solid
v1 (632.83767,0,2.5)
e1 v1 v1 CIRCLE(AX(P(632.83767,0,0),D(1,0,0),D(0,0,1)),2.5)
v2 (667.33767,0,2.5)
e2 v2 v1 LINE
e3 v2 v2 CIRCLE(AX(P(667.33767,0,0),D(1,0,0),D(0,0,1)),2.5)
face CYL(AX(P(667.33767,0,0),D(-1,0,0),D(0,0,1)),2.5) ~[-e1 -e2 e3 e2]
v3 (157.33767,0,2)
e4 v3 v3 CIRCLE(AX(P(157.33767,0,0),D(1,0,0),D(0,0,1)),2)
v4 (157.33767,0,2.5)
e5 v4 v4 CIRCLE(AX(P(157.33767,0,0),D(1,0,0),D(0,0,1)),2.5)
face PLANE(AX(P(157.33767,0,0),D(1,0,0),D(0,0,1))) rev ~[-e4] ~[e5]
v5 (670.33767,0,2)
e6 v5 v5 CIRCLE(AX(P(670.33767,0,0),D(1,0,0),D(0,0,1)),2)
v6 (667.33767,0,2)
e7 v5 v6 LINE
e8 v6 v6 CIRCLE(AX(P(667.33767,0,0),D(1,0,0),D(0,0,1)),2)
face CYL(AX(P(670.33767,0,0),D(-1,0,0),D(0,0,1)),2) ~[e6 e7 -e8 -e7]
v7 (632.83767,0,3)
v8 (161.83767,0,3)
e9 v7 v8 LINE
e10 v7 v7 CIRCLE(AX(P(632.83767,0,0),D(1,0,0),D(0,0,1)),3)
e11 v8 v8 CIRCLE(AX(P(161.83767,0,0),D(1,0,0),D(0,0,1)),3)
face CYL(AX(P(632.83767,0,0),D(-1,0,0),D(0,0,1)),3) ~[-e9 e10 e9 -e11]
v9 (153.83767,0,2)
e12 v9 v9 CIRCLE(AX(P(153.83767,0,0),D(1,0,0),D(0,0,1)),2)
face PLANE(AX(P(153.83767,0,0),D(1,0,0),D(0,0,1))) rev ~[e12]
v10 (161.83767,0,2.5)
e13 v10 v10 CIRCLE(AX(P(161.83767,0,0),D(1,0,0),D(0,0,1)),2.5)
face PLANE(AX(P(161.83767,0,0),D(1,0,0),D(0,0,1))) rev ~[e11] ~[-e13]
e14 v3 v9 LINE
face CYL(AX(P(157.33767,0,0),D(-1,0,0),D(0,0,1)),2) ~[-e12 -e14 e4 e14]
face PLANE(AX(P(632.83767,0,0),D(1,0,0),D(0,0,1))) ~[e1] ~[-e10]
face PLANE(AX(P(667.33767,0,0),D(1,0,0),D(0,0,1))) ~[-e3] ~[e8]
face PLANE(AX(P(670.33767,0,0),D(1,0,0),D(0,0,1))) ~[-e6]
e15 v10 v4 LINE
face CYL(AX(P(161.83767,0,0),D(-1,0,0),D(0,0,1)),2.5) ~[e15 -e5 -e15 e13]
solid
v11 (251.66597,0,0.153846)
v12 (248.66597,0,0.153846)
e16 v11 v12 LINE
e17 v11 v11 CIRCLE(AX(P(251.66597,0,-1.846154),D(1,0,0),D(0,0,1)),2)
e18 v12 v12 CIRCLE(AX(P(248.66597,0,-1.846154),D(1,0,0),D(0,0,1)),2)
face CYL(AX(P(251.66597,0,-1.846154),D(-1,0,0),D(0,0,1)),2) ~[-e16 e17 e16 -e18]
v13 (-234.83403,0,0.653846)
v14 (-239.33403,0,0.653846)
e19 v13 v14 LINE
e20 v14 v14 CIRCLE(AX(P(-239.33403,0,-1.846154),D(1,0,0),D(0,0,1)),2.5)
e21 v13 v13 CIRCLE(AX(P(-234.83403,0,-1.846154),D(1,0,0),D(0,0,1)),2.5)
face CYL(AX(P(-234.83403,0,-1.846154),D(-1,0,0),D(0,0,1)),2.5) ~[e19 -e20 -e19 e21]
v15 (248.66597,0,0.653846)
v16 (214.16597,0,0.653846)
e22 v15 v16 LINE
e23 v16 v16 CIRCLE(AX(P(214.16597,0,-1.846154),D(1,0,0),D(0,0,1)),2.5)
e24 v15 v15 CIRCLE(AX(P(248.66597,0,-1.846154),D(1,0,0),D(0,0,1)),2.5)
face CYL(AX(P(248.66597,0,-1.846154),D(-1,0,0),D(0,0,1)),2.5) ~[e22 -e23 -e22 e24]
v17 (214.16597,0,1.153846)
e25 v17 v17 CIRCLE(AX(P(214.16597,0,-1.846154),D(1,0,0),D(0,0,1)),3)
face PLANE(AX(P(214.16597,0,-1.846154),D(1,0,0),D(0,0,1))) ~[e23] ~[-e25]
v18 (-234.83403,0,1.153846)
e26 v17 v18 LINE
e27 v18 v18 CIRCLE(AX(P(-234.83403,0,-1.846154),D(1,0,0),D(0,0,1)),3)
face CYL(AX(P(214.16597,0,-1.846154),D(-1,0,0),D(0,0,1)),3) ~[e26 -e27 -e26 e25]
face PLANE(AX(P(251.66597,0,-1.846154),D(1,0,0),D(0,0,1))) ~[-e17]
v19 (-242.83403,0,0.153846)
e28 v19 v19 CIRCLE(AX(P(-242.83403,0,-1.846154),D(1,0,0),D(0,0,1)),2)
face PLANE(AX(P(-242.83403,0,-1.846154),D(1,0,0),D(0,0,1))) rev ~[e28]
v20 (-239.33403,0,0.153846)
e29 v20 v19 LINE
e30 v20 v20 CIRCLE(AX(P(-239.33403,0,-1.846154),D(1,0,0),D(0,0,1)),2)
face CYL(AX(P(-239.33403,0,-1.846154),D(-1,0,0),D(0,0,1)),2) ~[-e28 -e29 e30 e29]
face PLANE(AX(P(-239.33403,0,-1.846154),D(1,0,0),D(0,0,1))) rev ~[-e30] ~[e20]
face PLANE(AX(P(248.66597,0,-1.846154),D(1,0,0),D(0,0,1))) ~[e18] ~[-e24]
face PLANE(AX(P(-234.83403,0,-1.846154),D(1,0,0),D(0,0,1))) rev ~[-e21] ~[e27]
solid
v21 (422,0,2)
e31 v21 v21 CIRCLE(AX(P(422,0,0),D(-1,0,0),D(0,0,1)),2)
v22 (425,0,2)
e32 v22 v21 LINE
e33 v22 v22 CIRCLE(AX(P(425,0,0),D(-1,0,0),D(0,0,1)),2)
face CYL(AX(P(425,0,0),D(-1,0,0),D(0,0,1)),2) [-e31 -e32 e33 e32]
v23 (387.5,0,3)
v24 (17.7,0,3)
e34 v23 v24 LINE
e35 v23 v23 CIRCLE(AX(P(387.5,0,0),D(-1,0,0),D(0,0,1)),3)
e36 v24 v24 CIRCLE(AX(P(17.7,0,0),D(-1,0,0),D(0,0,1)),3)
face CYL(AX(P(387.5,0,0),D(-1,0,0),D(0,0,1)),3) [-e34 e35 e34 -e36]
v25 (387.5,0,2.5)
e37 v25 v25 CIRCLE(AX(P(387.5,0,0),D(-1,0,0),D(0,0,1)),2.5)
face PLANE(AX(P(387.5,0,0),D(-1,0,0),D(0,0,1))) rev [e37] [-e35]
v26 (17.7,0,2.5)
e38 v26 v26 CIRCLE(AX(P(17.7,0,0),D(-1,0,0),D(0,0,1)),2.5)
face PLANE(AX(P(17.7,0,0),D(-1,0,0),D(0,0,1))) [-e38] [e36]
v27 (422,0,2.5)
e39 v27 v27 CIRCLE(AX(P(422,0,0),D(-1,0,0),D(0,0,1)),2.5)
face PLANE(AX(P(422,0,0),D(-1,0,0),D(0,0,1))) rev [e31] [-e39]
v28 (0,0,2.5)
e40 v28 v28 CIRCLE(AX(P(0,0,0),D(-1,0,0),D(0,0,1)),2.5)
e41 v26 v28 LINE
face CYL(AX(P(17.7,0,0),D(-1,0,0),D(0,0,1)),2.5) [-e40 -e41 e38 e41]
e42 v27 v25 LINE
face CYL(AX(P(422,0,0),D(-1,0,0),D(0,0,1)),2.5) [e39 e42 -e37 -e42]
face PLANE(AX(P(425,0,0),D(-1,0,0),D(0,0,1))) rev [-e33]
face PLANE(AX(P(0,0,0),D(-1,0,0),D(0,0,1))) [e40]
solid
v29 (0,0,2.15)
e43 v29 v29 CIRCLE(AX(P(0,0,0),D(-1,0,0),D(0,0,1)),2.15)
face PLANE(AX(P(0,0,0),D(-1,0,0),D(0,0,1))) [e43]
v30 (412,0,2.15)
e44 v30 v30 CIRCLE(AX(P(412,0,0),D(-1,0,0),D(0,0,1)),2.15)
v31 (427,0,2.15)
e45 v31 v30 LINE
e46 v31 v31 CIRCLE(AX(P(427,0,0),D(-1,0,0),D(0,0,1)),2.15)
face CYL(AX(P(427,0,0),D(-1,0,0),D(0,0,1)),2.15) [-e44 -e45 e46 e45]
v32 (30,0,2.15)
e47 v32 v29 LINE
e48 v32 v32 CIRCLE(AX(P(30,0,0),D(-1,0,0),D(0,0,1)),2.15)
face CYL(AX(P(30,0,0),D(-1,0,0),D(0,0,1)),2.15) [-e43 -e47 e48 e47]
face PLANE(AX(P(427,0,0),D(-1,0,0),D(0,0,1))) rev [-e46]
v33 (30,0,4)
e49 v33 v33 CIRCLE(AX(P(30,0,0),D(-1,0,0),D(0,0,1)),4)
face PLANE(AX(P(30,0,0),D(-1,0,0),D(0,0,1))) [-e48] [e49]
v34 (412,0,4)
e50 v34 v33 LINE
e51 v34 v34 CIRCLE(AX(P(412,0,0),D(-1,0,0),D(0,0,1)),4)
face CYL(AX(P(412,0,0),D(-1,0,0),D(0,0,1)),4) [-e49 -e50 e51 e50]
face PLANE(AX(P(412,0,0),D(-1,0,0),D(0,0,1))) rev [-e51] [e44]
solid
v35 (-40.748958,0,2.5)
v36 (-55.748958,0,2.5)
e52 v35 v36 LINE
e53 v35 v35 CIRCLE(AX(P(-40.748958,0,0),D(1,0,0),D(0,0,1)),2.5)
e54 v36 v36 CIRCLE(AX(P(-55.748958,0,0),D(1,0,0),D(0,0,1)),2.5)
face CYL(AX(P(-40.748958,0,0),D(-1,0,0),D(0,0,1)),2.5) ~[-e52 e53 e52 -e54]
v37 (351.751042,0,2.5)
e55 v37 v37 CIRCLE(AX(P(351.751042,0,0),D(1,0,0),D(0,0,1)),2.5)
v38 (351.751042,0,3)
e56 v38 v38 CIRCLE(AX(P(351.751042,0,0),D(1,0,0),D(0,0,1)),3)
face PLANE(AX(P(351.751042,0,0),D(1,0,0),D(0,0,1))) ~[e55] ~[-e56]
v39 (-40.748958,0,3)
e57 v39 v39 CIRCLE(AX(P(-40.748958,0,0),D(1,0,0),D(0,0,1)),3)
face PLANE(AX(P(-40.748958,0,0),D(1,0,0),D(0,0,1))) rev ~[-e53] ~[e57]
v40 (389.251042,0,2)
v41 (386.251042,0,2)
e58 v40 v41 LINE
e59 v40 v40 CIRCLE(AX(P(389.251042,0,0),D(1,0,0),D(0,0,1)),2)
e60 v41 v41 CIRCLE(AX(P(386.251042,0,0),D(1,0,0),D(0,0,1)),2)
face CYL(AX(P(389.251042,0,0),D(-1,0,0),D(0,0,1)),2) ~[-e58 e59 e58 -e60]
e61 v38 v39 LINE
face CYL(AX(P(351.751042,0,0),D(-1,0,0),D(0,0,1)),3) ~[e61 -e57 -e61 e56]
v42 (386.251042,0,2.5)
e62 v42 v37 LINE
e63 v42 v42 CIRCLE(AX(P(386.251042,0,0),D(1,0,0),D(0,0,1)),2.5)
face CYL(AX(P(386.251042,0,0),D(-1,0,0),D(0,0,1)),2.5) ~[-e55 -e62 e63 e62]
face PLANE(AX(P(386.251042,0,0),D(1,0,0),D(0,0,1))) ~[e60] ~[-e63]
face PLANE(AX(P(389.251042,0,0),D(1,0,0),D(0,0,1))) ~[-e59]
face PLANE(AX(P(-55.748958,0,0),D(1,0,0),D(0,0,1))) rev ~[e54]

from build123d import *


with BuildPart() as f1:
    # F0 (on Front) → F1 (revolve)
    with BuildSketch(Plane.XZ):
        Polygon((-55.748958, 2.5), (-55.748958, 0), (389.251042, 0), (389.251042, 2), (386.251042, 2), (386.251042, 2.5), (351.751042, 2.5), (351.751042, 3), (-40.748958, 3), (-40.748958, 2.5), align=None)
    revolve(axis=Axis((166.430052, 0, 0), (1, 0, 0)))


with BuildPart() as f3:
    # F2 (on Front) → F3 (revolve)
    with BuildSketch(Plane.XZ):
        Polygon((153.83767, 2), (153.83767, 0), (670.33767, 0), (670.33767, 2), (667.33767, 2), (667.33767, 2.5), (632.83767, 2.5), (632.83767, 3), (161.83767, 3), (161.83767, 2.5), (157.33767, 2.5), (157.33767, 2), align=None)
    revolve(axis=Axis((412.08767, 0, 0), (1, 0, 0)))


with BuildPart() as f5:
    # F4 (on Front) → F5 (revolve)
    with BuildSketch(Plane.XZ):
        Polygon((0, 2.5), (0, 0), (425, 0), (425, 2), (422, 2), (422, 2.5), (387.5, 2.5), (387.5, 3), (17.7, 3), (17.7, 2.5), align=None)
    revolve(axis=Axis((-79.588096, 0, 0), (-1, 0, 0)))


with BuildPart() as f7:
    # F6 (on Front) → F7 (revolve)
    with BuildSketch(Plane.XZ):
        Polygon((-242.83403, 0.153846), (-242.83403, -1.846154), (251.66597, -1.846154), (251.66597, 0.153846), (248.66597, 0.153846), (248.66597, 0.653846), (214.16597, 0.653846), (214.16597, 1.153846), (-234.83403, 1.153846), (-234.83403, 0.653846), (-239.33403, 0.653846), (-239.33403, 0.153846), align=None)
    revolve(axis=Axis((4.41597, 0, -1.846154), (1, 0, 0)))


with BuildPart() as f9:
    # F8 (on Front) → F9 (revolve)
    with BuildSketch(Plane.XZ):
        Polygon((0, 2.15), (0, 0), (427, 0), (427, 2.15), (412, 2.15), (412, 4), (30, 4), (30, 2.15), align=None)
    revolve(axis=Axis((213.5, 0, 0), (-1, 0, 0)))


solid = Compound([f1.part, f3.part, f5.part, f7.part, f9.part])
